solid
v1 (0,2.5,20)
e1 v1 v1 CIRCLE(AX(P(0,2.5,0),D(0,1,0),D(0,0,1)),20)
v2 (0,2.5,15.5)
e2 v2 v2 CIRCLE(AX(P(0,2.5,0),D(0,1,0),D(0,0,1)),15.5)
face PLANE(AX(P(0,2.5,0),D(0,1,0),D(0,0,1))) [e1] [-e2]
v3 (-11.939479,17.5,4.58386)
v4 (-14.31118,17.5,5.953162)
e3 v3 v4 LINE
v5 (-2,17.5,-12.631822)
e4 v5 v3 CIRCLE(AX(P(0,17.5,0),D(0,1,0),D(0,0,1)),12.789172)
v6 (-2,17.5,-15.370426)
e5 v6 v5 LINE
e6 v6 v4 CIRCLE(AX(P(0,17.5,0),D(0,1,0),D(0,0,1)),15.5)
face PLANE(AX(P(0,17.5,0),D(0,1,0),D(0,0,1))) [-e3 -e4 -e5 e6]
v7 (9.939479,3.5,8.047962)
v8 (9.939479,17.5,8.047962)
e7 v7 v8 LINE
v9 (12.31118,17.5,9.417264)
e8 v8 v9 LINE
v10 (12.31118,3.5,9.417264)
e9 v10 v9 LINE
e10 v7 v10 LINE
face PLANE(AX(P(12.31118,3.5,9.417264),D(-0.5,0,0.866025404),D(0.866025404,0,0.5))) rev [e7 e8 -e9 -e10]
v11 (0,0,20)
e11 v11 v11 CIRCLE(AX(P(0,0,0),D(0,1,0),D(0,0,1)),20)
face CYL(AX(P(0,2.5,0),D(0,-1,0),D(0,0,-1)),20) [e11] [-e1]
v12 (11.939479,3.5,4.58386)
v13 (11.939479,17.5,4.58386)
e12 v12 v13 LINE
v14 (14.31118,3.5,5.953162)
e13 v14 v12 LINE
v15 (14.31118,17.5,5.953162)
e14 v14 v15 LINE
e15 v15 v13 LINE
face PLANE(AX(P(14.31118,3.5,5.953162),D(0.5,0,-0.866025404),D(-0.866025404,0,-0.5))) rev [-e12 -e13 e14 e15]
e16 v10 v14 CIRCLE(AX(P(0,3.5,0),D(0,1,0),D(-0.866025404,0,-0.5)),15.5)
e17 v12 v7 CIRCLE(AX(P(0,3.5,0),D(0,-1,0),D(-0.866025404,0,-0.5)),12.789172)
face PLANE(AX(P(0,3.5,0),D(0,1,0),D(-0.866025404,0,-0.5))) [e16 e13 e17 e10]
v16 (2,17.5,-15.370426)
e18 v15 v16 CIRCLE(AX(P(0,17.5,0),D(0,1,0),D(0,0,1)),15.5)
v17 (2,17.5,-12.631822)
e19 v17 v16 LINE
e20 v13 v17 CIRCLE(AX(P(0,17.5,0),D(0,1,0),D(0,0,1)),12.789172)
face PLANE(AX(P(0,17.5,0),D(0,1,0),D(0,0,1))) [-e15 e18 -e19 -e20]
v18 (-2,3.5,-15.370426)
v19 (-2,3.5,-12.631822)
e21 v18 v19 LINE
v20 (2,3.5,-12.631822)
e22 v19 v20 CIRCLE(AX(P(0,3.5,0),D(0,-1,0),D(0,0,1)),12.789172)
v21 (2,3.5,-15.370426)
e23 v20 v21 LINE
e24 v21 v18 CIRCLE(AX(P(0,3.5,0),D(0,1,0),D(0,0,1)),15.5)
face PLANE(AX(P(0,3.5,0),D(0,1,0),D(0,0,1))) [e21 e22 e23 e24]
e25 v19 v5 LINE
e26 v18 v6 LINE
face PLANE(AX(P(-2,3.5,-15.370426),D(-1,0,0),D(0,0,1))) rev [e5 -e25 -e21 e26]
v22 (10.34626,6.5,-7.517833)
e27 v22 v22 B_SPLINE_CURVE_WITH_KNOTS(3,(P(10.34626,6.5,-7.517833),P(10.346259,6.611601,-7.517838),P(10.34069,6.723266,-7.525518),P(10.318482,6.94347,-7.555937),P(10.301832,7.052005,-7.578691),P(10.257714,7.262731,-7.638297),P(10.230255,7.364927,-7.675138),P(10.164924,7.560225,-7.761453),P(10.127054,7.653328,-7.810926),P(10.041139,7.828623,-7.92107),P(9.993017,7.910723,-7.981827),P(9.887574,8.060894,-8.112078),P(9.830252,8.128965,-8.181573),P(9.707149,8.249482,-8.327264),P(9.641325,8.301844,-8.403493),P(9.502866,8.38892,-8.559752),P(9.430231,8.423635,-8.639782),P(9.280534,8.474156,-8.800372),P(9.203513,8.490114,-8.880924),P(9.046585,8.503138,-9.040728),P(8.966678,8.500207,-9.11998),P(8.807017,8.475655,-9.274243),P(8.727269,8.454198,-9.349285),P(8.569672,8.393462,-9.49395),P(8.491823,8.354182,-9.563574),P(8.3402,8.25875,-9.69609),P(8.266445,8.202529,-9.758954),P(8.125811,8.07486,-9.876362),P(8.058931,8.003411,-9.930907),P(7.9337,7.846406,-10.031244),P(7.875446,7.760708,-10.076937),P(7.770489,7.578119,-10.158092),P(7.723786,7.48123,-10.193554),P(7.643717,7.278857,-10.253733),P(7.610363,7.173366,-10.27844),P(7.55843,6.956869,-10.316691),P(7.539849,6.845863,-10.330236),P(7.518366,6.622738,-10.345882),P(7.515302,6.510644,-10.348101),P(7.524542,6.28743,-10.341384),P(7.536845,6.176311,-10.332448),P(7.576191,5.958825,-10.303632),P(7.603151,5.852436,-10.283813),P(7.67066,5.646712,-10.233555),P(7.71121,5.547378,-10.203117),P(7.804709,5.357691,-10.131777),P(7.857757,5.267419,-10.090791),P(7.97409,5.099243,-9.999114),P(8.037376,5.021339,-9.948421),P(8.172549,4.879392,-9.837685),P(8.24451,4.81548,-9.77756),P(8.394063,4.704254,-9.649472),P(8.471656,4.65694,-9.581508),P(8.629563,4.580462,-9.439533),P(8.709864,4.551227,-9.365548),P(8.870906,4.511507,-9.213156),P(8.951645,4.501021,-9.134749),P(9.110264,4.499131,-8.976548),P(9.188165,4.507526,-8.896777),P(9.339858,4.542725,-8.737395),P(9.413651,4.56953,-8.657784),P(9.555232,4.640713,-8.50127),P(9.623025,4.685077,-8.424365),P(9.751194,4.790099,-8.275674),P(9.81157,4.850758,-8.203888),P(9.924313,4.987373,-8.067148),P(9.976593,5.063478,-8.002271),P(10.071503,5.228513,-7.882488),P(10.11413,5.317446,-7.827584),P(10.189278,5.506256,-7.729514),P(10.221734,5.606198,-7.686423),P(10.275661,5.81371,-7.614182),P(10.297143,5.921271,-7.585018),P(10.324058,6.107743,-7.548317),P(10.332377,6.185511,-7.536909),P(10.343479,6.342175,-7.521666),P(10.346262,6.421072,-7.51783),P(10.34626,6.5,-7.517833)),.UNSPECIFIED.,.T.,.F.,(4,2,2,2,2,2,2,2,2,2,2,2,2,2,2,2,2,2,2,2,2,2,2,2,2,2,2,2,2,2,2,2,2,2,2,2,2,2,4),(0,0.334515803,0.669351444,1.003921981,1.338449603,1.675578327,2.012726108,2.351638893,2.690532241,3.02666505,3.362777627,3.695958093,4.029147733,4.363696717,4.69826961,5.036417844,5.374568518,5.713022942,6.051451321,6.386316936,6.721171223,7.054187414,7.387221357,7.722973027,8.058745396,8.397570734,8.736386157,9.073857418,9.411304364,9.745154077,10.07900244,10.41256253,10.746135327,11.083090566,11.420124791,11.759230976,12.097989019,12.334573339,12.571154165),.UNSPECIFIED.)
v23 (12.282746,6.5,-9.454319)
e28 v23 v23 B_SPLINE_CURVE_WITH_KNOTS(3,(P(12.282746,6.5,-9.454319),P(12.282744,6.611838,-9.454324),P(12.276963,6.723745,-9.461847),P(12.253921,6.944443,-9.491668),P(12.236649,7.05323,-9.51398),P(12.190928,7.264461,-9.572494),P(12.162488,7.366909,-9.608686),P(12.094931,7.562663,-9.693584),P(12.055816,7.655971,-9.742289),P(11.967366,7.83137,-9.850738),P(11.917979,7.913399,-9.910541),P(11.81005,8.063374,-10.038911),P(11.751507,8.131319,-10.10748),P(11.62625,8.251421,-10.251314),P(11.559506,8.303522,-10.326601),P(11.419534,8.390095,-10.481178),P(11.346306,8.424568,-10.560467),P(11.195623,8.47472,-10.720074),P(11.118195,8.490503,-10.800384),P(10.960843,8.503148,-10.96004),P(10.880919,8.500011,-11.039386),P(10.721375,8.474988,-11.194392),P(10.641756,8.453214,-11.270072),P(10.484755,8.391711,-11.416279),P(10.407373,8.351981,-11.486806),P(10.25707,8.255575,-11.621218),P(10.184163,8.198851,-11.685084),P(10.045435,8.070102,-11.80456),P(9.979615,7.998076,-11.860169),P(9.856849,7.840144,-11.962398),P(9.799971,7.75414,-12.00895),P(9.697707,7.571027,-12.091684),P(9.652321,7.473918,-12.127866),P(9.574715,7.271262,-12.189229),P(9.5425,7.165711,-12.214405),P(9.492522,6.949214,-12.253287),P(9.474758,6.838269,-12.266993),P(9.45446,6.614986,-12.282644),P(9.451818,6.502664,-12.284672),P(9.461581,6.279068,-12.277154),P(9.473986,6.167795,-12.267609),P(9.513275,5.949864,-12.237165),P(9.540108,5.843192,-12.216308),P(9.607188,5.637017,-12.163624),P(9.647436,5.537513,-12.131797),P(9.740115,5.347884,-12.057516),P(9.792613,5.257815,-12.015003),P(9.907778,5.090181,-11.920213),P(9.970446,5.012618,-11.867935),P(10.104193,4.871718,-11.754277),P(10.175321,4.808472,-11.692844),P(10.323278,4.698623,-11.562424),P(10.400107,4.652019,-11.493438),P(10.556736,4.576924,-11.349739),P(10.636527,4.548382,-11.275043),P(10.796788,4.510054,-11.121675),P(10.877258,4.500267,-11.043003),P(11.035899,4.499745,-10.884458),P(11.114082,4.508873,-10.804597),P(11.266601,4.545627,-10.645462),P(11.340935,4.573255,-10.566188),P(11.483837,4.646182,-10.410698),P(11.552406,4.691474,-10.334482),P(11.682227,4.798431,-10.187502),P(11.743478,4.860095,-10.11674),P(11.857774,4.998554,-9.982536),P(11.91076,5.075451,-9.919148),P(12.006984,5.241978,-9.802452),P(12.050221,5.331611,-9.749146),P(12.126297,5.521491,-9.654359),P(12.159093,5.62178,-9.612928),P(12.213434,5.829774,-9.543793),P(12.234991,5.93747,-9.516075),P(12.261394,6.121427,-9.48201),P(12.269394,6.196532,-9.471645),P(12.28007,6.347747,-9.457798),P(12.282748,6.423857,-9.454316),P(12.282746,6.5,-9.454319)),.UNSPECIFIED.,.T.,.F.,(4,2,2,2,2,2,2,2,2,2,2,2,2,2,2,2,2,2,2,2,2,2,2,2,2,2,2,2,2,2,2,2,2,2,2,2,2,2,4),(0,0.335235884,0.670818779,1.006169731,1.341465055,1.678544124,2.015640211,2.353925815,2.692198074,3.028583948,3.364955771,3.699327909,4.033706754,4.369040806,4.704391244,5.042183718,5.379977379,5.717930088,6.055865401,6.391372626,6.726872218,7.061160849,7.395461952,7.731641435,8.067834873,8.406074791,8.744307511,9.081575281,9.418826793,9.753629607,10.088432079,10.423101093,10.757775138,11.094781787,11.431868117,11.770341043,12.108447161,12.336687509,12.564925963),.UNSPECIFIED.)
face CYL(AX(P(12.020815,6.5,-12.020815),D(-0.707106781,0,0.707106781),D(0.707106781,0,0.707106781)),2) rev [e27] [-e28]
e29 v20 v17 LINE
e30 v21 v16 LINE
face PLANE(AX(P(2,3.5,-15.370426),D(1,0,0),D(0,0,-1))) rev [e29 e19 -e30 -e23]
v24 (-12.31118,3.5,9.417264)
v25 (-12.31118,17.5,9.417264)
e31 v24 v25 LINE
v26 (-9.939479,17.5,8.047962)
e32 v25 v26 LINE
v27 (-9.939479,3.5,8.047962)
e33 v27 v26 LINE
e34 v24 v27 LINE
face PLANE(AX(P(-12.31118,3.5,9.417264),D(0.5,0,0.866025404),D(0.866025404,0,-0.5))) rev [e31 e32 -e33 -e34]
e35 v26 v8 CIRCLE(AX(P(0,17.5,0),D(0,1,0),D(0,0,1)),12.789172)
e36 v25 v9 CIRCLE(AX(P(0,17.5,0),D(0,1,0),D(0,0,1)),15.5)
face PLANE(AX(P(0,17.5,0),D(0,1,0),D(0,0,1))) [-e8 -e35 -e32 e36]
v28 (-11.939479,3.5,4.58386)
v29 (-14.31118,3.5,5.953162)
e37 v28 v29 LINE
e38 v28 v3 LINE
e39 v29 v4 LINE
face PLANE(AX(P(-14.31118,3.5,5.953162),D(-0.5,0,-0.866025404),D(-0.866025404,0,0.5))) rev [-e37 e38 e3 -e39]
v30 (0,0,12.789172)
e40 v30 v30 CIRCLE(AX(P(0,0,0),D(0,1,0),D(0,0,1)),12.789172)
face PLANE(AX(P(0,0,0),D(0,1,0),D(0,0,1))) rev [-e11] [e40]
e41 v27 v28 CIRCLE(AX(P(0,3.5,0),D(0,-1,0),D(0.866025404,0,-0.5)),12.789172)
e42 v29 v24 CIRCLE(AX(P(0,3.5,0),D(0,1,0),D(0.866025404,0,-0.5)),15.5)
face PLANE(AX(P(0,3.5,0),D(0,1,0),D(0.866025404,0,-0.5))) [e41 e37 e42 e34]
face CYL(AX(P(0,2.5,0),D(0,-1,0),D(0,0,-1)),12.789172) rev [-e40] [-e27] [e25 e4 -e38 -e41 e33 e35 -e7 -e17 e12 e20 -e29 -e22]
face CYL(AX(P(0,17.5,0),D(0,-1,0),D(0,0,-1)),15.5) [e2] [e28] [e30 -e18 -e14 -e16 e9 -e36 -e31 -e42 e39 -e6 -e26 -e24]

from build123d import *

# Parameters (mm, degrees)
CROQUIS1_R              = 20
CROQUIS1_R_2            = 12.789172095
SALIENTE_EXTRUIR1_DEPTH = 2.5
CROQUIS2_R              = 15.5
CROQUIS2_R_2            = 12.789172095
SALIENTE_EXTRUIR2_DEPTH = 15
CORTAR_EXTRUIR1_START   = -14
CORTAR_EXTRUIR1_DEPTH   = 14
MATRIZC1_COUNT          = 3
CROQUIS4_R              = 2
CORTAR_EXTRUIR2_DEPTH   = 17


with BuildPart() as part:
    # Croquis1 → Saliente-Extruir1 (new body)
    with BuildSketch(Plane(origin=(0, 0, 0), x_dir=(1, 0, 0), z_dir=(0, 1, 0))):
        with Locations(Location((0, 0, 0), (0, 0, 270))):
            Circle(CROQUIS1_R)
        with Locations(Location((0, 0, 0), (0, 0, 270))):
            Circle(CROQUIS1_R_2, mode=Mode.SUBTRACT)
    extrude(amount=SALIENTE_EXTRUIR1_DEPTH)

    # Croquis2 → Saliente-Extruir2 (add)
    with BuildSketch(Plane(origin=(0, 2.5, 0), x_dir=(1, 0, 0), z_dir=(0, 1, 0))):
        with Locations(Location((0, 0, 0), (0, 0, 270))):
            Circle(CROQUIS2_R)
        with Locations(Location((0, 0, 0), (0, 0, 270))):
            Circle(CROQUIS2_R_2, mode=Mode.SUBTRACT)
    extrude(amount=SALIENTE_EXTRUIR2_DEPTH)

    # Croquis3 → Cortar-Extruir1 (cut)
    with BuildSketch(Plane(origin=(0, 17.5, 0), x_dir=(1, 0, 0), z_dir=(0, 1, 0)).offset(CORTAR_EXTRUIR1_START)):
        with BuildLine():
            Line((2, 15.370426149), (2, 12.631821835))
            ThreePointArc((2, 12.631821835), (0, 12.789172095), (-2, 12.631821835))
            Line((-2, 12.631821835), (-2, 15.370426149))
            ThreePointArc((-2, 15.370426149), (0, 15.5), (2, 15.370426149))
        make_face()
    cortar_extruir1 = extrude(amount=CORTAR_EXTRUIR1_DEPTH, mode=Mode.SUBTRACT)

    # MatrizC1: Cortar-Extruir1 ×3 about axis
    matrizc1_axis = Axis((0, 0, 0), (0, 1, 0))
    for i in range(1, MATRIZC1_COUNT):
        add(cortar_extruir1.rotate(matrizc1_axis, i * 360 / MATRIZC1_COUNT), mode=Mode.SUBTRACT)

    # Croquis4 → Cortar-Extruir2 (cut)
    with BuildSketch(Plane(origin=(0, 0, 0), x_dir=(0.7071067811865477, 0, 0.7071067811865475), z_dir=(-0.7071067811865475, 0, 0.7071067811865477))):
        with Locations((0, 6.5)):
            Circle(CROQUIS4_R)
    extrude(amount=-CORTAR_EXTRUIR2_DEPTH, mode=Mode.SUBTRACT)


solid = part.part
